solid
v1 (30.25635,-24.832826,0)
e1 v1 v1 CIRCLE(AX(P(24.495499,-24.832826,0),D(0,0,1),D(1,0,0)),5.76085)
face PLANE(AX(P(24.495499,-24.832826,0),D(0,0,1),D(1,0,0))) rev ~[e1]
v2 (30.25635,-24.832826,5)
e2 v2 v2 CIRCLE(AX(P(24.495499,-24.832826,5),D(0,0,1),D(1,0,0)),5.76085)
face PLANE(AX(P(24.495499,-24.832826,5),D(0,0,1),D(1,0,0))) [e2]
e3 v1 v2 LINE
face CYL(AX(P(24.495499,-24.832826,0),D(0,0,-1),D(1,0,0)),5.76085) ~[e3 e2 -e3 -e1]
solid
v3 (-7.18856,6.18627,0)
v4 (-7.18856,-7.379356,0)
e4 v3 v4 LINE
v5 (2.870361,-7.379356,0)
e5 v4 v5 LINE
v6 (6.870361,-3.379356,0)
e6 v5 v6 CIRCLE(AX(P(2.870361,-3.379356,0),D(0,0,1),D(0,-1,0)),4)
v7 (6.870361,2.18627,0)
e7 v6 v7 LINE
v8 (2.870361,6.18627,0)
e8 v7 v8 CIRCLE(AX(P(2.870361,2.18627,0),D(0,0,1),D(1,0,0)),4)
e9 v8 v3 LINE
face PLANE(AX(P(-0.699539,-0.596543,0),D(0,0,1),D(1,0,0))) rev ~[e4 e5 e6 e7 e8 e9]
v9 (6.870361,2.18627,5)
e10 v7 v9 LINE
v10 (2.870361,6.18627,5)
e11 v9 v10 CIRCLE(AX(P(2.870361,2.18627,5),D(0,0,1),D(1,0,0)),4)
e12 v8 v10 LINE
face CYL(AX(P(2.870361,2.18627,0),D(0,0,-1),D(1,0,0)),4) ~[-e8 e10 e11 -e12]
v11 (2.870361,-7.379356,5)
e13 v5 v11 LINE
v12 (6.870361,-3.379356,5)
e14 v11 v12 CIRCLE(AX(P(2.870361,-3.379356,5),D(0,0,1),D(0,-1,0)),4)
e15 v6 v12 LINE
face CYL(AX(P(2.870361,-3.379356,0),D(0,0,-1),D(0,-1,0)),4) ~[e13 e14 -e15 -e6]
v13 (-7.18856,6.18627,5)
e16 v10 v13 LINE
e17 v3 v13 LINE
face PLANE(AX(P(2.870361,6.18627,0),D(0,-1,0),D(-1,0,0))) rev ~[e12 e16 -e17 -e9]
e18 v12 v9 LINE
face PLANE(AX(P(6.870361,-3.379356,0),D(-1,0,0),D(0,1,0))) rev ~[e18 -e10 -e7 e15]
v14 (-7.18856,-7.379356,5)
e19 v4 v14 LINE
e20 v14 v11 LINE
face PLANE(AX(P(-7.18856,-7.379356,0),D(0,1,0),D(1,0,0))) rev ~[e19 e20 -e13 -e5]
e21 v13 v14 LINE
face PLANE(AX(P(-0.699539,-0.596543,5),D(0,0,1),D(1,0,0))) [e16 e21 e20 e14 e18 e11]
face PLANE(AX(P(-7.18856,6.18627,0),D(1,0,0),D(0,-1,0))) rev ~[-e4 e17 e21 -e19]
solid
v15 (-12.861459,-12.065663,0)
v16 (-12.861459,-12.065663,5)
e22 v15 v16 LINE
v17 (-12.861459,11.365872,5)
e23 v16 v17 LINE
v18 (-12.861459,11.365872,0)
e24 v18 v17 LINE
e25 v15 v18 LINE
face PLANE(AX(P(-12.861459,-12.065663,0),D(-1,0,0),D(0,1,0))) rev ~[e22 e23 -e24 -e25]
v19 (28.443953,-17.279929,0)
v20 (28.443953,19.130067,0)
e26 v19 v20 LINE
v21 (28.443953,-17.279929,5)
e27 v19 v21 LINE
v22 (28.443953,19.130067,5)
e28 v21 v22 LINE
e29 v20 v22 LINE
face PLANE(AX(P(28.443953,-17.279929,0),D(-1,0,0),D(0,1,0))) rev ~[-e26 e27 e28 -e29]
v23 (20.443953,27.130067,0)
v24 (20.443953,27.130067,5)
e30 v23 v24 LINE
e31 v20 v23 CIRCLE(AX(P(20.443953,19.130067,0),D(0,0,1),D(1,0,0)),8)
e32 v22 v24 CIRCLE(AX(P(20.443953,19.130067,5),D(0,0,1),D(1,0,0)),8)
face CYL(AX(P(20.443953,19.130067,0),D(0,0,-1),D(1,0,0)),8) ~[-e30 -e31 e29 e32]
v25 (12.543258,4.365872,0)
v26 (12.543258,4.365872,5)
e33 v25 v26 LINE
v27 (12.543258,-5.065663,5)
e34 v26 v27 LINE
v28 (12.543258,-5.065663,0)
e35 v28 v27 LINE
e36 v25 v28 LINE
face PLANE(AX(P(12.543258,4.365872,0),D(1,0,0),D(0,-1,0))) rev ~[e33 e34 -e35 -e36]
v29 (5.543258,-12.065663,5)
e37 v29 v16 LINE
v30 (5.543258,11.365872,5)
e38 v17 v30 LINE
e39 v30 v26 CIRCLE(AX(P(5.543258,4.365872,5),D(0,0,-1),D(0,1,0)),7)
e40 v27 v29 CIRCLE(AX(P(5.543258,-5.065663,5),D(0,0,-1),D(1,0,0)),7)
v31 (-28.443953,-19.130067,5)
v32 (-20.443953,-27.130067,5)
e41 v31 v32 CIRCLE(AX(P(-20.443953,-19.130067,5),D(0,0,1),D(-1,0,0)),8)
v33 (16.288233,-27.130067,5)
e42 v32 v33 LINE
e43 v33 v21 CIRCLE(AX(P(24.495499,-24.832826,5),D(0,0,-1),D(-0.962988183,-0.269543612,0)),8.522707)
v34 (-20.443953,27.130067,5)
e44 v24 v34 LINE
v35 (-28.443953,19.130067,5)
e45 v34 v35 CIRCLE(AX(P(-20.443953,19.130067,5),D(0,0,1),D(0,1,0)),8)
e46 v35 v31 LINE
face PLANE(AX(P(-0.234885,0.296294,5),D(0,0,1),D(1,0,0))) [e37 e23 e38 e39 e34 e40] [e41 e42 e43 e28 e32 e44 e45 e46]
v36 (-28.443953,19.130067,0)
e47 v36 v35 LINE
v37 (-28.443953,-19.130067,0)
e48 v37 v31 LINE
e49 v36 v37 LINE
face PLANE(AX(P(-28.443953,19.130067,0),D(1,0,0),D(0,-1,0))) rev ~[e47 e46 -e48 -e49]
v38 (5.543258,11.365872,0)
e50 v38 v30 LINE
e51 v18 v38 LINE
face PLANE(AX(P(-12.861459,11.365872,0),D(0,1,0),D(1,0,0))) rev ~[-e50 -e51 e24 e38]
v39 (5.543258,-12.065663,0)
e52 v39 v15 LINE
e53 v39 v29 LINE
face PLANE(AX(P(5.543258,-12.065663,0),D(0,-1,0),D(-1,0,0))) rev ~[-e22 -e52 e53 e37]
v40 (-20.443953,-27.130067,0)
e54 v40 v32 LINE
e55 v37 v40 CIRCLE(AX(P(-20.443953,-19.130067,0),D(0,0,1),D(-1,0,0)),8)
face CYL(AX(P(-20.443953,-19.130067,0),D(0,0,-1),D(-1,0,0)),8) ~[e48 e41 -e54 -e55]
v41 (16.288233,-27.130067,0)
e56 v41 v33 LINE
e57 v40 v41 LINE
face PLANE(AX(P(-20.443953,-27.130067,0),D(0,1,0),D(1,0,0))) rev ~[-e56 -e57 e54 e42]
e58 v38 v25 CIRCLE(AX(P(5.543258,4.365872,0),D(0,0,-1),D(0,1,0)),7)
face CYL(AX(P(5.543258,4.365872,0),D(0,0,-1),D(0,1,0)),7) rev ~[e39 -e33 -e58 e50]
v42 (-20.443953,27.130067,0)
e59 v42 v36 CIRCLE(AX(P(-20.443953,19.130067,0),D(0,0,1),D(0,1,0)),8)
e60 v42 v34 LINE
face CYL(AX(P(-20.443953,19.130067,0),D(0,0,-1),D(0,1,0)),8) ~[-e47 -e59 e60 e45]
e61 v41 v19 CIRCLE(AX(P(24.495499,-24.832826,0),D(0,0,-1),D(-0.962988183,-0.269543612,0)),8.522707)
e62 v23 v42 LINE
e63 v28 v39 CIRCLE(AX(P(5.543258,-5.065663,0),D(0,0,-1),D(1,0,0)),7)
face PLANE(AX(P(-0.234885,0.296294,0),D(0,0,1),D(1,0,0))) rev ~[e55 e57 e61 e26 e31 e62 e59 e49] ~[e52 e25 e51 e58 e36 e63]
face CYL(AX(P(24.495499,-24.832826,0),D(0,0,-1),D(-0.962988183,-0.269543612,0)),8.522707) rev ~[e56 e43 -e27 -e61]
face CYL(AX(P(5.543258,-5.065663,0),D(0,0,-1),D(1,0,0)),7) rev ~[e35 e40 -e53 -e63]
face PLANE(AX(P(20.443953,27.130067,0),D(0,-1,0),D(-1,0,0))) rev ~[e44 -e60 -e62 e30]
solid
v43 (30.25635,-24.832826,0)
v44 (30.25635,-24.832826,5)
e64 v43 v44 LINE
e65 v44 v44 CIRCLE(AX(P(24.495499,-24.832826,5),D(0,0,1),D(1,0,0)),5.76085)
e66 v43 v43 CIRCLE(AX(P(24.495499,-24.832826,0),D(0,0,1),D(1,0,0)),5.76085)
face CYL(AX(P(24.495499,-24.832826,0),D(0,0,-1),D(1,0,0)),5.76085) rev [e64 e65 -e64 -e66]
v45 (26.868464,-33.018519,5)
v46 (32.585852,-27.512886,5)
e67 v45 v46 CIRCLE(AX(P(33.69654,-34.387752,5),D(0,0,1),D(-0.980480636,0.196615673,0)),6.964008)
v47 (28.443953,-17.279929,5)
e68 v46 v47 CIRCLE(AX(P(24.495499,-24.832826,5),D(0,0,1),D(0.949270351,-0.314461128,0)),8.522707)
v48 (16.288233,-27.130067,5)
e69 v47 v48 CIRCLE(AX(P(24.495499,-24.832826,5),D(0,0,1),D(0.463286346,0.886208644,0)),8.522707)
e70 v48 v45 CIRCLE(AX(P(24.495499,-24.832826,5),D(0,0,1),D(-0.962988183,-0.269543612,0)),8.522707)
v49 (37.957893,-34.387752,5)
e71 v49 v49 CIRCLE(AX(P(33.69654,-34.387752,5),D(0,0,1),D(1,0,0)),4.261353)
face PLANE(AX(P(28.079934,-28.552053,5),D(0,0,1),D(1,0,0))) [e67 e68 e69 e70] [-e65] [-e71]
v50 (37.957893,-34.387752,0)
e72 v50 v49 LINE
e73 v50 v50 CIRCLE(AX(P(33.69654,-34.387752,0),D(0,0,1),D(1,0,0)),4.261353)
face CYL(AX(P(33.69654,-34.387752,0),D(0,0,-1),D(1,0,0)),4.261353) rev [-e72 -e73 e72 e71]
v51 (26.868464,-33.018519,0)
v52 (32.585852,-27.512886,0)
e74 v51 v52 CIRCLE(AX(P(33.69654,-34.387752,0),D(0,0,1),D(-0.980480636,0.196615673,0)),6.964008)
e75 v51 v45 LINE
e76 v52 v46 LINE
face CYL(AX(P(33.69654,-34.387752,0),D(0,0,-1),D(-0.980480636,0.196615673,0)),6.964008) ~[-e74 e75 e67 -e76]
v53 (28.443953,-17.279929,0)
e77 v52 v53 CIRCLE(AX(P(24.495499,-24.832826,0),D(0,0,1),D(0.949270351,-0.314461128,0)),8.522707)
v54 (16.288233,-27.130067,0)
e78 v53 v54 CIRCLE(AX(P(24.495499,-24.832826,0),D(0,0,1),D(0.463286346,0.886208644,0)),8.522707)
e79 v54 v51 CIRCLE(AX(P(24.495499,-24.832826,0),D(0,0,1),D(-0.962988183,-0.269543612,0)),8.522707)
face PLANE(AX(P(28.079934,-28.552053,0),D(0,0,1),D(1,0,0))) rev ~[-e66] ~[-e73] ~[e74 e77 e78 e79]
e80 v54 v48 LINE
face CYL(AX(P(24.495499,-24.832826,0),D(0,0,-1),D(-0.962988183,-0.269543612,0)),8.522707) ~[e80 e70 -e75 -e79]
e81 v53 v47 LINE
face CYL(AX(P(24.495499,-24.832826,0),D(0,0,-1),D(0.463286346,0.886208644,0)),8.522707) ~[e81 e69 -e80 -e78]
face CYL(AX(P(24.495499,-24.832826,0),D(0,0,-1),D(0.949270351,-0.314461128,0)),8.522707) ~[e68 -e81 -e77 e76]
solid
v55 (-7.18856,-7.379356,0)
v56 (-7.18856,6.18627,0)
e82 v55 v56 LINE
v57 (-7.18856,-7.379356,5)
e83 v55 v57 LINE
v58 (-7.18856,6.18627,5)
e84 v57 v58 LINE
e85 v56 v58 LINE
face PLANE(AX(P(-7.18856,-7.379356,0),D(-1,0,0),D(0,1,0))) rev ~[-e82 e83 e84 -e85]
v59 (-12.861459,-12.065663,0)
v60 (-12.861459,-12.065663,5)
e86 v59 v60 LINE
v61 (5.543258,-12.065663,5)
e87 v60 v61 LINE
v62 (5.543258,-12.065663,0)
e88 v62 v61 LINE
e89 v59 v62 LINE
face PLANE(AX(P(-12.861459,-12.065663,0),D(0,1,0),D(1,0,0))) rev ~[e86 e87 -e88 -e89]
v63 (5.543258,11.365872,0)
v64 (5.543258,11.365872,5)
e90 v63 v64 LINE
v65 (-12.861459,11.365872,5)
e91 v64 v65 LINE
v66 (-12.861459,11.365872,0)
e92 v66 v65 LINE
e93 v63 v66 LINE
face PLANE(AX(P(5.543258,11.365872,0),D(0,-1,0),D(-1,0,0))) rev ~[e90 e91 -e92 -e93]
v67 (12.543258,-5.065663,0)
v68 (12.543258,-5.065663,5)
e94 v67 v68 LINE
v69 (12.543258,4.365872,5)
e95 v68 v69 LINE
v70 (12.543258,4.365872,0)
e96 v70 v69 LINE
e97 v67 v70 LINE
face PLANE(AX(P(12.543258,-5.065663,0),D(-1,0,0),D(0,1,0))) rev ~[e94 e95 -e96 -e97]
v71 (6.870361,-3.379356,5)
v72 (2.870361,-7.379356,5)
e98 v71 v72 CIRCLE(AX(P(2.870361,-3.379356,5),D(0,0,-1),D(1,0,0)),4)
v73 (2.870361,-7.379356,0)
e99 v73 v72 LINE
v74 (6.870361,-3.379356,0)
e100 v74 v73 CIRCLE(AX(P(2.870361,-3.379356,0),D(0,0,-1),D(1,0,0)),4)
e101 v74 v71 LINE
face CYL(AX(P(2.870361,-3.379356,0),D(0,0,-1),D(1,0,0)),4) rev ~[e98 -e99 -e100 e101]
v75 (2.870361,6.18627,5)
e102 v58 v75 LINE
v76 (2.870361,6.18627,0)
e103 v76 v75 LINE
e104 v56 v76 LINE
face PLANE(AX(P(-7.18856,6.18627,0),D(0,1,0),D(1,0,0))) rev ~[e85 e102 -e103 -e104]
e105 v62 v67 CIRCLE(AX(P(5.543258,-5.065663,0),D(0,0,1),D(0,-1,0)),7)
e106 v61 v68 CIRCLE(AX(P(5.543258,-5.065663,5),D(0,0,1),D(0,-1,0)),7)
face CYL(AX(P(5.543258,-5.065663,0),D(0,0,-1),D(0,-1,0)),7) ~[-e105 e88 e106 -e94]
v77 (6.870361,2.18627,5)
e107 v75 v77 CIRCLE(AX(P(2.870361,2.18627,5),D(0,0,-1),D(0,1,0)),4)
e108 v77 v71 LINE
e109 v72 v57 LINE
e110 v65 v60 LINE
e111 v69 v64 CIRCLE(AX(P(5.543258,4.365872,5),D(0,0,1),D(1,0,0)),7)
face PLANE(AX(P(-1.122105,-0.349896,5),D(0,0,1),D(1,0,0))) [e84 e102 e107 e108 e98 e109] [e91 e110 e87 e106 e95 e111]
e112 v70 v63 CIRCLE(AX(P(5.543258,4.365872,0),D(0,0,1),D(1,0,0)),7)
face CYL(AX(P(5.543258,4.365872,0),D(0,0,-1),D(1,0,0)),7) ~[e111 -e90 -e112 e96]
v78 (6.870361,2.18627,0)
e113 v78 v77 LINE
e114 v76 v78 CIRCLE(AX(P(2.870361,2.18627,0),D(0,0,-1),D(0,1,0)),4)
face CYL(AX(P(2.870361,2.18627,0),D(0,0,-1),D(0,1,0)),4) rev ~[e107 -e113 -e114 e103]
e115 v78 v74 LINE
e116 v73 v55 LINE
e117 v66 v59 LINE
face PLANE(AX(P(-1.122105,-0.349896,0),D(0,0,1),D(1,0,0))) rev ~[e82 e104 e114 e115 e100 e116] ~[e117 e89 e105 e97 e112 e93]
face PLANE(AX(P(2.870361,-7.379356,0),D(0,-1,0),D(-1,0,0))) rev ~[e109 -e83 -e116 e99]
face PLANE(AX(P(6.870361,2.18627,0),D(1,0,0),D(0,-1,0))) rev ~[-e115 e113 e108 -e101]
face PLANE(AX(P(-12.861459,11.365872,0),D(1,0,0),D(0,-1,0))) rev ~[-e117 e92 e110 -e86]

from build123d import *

# Parameters (mm, degrees)
F1_DEPTH = 5
F0_R     = 5.760850323
F0_R_2   = 4.2613533731
F2_DEPTH = 5


with BuildPart() as f1:
    # F0 (on Top) → F1 (new body)
    with BuildSketch(Plane.XY):
        with BuildLine():
            Line((20.4439530224, 27.1300673485), (-20.4439530224, 27.1300673485))
            ThreePointArc((-20.4439530224, 27.1300673485), (-26.1008072719, 24.786921598), (-28.4439530224, 19.1300673485))
            Line((-28.4439530224, 19.1300673485), (-28.4439530224, -19.1300673485))
            ThreePointArc((-28.4439530224, -19.1300673485), (-26.1008072719, -24.786921598), (-20.4439530224, -27.1300673485))
            Line((-20.4439530224, -27.1300673485), (16.2882330233, -27.1300673485))
            ThreePointArc((16.2882330233, -27.1300673485), (19.1298049483, -18.2112054104), (28.4439530224, -17.2799294426))
            Line((28.4439530224, -17.2799294426), (28.4439530224, 19.1300673485))
            ThreePointArc((28.4439530224, 19.1300673485), (26.1008072719, 24.786921598), (20.4439530224, 27.1300673485))
        make_face()
        with BuildLine():
            Line((-12.8614585847, -12.0656630024), (-12.8614585847, 11.3658718765))
            Line((-12.8614585847, 11.3658718765), (5.5432582572, 11.3658718765))
            ThreePointArc((5.5432582572, 11.3658718765), (10.4930057255, 9.3156193448), (12.5432582572, 4.3658718765))
            Line((12.5432582572, 4.3658718765), (12.5432582572, -5.0656630024))
            ThreePointArc((12.5432582572, -5.0656630024), (10.4930057255, -10.0154104707), (5.5432582572, -12.0656630024))
            Line((5.5432582572, -12.0656630024), (-12.8614585847, -12.0656630024))
        make_face(mode=Mode.SUBTRACT)
    extrude(amount=F1_DEPTH)


with BuildPart() as f1b:
    # F0 (on Top) → F1, piece 2 (new body)
    with BuildSketch(Plane.XY):
        with BuildLine():
            Line((2.8703605793, 6.1862696894), (-7.1885595098, 6.1862696894))
            Line((-7.1885595098, 6.1862696894), (-7.1885595098, -7.379356306))
            Line((-7.1885595098, -7.379356306), (2.8703605793, -7.379356306))
            ThreePointArc((2.8703605793, -7.379356306), (5.6987877041, -6.2077834308), (6.8703605793, -3.379356306))
            Line((6.8703605793, -3.379356306), (6.8703605793, 2.1862696894))
            ThreePointArc((6.8703605793, 2.1862696894), (5.6987877041, 5.0146968141), (2.8703605793, 6.1862696894))
        make_face()
    extrude(amount=F1_DEPTH)


with BuildPart() as f1c:
    # F0 (on Top) → F1, piece 3 (new body)
    with BuildSketch(Plane.XY):
        with Locations((24.4954992086, -24.8328261077)):
            Circle(F0_R)
    extrude(amount=F1_DEPTH)


with BuildPart() as f1d:
    # F0 (on Top) → F1, piece 4 (new body)
    with BuildSketch(Plane.XY):
        with Locations((33.6965397, -34.3877524137)):
            Circle(F0_R_2)
    extrude(amount=F1_DEPTH)


with BuildPart() as f2:
    # F0 (on Top) → F2 (new body)
    with BuildSketch(Plane.XY):
        with BuildLine():
            Line((5.5432582572, 11.3658718765), (-12.8614585847, 11.3658718765))
            Line((-12.8614585847, 11.3658718765), (-12.8614585847, -12.0656630024))
            Line((-12.8614585847, -12.0656630024), (5.5432582572, -12.0656630024))
            ThreePointArc((5.5432582572, -12.0656630024), (10.4930057255, -10.0154104707), (12.5432582572, -5.0656630024))
            Line((12.5432582572, -5.0656630024), (12.5432582572, 4.3658718765))
            ThreePointArc((12.5432582572, 4.3658718765), (10.4930057255, 9.3156193448), (5.5432582572, 11.3658718765))
        make_face()
        with BuildLine():
            Line((-7.1885595098, -7.379356306), (-7.1885595098, 6.1862696894))
            Line((-7.1885595098, 6.1862696894), (2.8703605793, 6.1862696894))
            ThreePointArc((2.8703605793, 6.1862696894), (5.6987877041, 5.0146968141), (6.8703605793, 2.1862696894))
            Line((6.8703605793, 2.1862696894), (6.8703605793, -3.379356306))
            ThreePointArc((6.8703605793, -3.379356306), (5.6987877041, -6.2077834308), (2.8703605793, -7.379356306))
            Line((2.8703605793, -7.379356306), (-7.1885595098, -7.379356306))
        make_face(mode=Mode.SUBTRACT)
    extrude(amount=F2_DEPTH)


with BuildPart() as f2b:
    # F0 (on Top) → F2, piece 2 (new body)
    with BuildSketch(Plane.XY):
        with BuildLine():
            ThreePointArc((32.5858523238, -27.5128861863), (32.3955985116, -21.6351759462), (28.4439530224, -17.2799294426))
            ThreePointArc((28.4439530224, -17.2799294426), (19.1298049483, -18.2112054104), (16.2882330233, -27.1300673485))
            ThreePointArc((16.2882330233, -27.1300673485), (20.3508359578, -32.2798592144), (26.8684643801, -33.0185192274))
            ThreePointArc((26.8684643801, -33.0185192274), (38.5270662844, -39.4040682941), (32.5858523238, -27.5128861863))
        make_face()
        with Locations((33.6965397, -34.3877524137)):
            Circle(F0_R_2, mode=Mode.SUBTRACT)
        with Locations((24.4954992086, -24.8328261077)):
            Circle(F0_R, mode=Mode.SUBTRACT)
    extrude(amount=F2_DEPTH)


solid = Compound([f1.part, f1b.part, f1c.part, f2.part, f2b.part])
